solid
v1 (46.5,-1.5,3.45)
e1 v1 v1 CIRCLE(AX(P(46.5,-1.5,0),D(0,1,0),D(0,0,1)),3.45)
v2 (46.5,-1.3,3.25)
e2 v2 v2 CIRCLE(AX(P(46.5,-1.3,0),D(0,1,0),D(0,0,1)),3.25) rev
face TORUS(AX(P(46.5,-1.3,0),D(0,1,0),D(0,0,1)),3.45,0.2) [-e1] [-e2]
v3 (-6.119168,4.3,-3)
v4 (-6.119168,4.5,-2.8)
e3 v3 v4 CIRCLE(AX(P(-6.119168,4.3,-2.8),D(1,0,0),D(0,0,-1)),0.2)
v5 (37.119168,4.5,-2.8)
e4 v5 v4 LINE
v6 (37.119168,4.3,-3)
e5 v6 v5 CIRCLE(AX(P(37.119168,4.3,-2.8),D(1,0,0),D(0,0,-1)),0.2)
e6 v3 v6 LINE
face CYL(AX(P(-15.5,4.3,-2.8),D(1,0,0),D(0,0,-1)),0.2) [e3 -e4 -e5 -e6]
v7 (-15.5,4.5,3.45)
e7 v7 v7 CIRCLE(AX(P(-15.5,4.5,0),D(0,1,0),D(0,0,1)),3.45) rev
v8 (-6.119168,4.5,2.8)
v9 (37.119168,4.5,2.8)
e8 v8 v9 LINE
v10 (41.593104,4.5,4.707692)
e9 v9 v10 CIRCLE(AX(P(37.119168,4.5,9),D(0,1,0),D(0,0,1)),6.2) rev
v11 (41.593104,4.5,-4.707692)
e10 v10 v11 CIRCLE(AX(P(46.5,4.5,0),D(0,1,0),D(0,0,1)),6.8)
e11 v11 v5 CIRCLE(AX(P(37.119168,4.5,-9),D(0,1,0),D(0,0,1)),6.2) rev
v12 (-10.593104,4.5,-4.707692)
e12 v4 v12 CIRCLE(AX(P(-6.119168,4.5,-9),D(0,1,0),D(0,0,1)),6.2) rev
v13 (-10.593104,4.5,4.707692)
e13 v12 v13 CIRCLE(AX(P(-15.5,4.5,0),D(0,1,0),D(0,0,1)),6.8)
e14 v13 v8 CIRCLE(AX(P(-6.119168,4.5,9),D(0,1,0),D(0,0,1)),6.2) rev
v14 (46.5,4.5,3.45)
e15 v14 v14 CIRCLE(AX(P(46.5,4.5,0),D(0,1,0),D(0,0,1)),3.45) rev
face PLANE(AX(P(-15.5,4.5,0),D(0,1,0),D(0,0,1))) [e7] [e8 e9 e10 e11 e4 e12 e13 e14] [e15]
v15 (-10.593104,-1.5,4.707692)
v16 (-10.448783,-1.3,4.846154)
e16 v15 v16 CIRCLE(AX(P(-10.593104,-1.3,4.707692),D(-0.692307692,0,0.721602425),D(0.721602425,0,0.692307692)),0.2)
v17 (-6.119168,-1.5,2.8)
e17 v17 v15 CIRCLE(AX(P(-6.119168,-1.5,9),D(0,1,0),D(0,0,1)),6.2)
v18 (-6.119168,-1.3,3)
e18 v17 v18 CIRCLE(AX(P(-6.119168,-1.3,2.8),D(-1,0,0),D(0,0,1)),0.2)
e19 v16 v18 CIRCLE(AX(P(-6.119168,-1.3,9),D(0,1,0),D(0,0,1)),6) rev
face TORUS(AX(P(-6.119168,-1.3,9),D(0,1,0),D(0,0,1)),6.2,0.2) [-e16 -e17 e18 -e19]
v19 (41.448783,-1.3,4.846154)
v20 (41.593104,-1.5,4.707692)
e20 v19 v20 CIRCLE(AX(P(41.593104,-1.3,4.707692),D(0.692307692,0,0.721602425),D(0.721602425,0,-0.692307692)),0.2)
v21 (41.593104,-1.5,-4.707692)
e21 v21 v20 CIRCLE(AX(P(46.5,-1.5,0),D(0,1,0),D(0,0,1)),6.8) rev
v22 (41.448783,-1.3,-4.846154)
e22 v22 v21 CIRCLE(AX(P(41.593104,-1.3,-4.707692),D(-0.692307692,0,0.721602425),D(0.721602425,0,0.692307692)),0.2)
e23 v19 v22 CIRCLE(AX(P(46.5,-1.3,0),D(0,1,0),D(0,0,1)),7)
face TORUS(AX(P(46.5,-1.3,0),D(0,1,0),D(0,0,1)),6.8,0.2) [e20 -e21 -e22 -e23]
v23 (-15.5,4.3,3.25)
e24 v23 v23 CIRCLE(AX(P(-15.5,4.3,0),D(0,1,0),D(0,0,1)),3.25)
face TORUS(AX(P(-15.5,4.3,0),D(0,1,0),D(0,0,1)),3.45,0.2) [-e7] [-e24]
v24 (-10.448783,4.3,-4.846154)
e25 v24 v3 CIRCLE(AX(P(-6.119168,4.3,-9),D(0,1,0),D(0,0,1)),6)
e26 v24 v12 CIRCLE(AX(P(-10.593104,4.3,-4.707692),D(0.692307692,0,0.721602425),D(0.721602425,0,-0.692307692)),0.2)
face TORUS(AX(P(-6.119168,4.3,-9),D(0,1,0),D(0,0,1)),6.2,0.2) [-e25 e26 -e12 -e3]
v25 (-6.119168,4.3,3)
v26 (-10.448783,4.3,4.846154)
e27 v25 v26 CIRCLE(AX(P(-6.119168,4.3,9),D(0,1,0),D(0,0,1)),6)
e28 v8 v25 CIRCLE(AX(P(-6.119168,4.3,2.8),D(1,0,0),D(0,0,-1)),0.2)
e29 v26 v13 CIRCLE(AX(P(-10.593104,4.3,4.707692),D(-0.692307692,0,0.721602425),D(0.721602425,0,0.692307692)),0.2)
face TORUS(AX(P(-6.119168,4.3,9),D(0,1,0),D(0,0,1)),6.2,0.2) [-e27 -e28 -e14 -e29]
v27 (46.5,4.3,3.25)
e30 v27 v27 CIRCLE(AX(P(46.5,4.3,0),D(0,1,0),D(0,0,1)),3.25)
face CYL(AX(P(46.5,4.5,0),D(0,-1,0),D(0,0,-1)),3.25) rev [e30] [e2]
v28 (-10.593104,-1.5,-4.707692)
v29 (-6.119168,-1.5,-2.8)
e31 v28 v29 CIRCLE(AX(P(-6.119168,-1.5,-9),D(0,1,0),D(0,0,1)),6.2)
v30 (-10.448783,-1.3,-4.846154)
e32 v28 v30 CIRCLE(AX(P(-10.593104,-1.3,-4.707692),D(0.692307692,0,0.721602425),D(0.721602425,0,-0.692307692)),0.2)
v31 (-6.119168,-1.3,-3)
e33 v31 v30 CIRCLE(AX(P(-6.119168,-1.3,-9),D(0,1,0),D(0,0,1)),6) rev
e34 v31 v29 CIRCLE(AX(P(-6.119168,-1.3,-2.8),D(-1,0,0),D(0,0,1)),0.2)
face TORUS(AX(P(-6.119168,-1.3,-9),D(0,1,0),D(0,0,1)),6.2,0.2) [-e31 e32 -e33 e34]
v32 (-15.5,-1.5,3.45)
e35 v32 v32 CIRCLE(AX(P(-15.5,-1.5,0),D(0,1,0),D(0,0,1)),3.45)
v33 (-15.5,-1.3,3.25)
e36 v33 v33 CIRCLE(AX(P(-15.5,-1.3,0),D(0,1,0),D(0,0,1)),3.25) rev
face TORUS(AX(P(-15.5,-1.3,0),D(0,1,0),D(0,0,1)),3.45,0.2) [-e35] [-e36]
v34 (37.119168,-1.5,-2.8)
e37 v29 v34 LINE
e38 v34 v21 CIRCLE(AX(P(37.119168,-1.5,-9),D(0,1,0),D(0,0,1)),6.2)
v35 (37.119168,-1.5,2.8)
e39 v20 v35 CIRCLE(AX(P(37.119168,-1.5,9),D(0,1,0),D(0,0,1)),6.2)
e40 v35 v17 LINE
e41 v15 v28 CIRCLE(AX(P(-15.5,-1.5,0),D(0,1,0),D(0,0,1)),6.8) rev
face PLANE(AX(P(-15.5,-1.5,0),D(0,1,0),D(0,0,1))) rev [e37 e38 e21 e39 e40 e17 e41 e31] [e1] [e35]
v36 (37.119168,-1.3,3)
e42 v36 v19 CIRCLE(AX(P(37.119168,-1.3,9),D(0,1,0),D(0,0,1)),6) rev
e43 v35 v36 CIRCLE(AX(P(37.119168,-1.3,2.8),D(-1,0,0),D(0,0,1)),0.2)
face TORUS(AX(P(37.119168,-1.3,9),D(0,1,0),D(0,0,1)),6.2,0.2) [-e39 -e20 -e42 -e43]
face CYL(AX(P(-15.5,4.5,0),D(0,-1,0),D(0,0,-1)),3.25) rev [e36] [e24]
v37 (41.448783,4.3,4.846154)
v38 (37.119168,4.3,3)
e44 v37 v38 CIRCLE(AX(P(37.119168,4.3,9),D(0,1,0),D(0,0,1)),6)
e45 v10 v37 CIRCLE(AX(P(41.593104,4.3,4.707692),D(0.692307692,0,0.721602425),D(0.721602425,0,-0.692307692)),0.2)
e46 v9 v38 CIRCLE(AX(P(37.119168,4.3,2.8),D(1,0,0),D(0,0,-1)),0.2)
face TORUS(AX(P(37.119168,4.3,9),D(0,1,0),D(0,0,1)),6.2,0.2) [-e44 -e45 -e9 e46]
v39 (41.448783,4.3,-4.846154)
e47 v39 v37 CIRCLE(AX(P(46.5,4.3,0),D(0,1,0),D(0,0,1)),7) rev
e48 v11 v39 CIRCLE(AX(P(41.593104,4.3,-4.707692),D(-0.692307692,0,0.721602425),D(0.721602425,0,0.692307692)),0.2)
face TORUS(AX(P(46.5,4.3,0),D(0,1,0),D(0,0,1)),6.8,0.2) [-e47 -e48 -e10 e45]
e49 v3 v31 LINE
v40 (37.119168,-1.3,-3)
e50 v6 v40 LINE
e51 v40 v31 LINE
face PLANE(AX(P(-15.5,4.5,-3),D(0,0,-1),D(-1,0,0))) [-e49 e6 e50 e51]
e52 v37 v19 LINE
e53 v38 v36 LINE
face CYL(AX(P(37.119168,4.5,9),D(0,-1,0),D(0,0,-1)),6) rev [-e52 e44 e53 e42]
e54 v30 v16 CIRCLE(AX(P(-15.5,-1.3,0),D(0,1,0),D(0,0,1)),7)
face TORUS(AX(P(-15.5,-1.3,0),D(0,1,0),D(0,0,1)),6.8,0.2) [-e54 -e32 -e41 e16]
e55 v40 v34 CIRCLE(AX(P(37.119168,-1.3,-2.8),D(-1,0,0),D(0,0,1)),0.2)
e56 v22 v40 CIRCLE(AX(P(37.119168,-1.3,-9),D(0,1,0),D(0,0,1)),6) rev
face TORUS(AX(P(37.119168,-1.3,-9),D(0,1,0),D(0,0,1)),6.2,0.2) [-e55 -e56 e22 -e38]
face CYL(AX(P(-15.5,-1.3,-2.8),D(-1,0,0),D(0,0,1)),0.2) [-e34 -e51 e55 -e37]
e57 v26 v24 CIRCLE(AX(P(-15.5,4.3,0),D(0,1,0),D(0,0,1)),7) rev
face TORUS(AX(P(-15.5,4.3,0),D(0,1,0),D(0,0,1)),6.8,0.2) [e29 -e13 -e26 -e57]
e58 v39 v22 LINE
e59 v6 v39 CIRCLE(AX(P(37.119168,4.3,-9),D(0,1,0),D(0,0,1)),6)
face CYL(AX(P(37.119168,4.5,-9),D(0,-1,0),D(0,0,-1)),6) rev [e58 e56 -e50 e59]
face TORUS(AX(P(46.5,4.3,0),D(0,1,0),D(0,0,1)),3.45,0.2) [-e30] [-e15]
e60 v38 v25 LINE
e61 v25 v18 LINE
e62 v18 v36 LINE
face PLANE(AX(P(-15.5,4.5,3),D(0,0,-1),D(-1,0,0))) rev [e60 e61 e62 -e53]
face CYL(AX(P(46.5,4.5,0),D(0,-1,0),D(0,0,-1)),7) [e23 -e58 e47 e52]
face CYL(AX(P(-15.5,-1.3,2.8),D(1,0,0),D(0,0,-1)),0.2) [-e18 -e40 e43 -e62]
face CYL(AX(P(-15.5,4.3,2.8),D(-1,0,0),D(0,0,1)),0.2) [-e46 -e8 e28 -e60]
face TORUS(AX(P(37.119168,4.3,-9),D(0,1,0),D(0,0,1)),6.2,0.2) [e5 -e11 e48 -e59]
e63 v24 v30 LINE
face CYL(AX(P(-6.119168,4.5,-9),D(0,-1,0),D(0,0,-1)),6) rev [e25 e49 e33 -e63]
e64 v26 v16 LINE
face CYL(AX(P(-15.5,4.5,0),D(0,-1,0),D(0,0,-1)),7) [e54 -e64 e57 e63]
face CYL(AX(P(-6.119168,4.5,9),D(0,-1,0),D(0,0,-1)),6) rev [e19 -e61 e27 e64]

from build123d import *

# Parameters (mm, degrees)
SKETCH1_R           = 1.625
BOSS_EXTRUDE1_DEPTH = 3
FILLET1_R           = 0.1
L_EK1_SCALE         = 2


with BuildPart() as part:
    # Sketch1 → Boss-Extrude1 (new body)
    with BuildSketch(Plane(origin=(0, 0, 0), x_dir=(1, 0, 0), z_dir=(0, 1, 0))):
        with BuildLine():
            Line((4.69041576, 1.5), (26.30958424, 1.5))
            ThreePointArc((26.30958424, 1.5), (27.486281051, 1.740401367), (28.474391514, 2.423076923))
            ThreePointArc((28.474391514, 2.423076923), (34.5, 0), (28.474391514, -2.423076923))
            ThreePointArc((28.474391514, -2.423076923), (27.486281051, -1.740401367), (26.30958424, -1.5))
            Line((26.30958424, -1.5), (4.69041576, -1.5))
            ThreePointArc((4.69041576, -1.5), (3.513718949, -1.740401367), (2.525608486, -2.423076923))
            ThreePointArc((2.525608486, -2.423076923), (-3.5, 0), (2.525608486, 2.423076923))
            ThreePointArc((2.525608486, 2.423076923), (3.513718949, 1.740401367), (4.69041576, 1.5))
        make_face()
        with Locations(Location((0, 0, 0), (0, 0, 270))):
            Circle(SKETCH1_R, mode=Mode.SUBTRACT)
        with Locations(Location((31, 0, 0), (0, 0, 270))):
            Circle(SKETCH1_R, mode=Mode.SUBTRACT)
    extrude(amount=BOSS_EXTRUDE1_DEPTH)

    # Fillet1
    fillet1_edges = [part.edges().sort_by_distance(p)[0] for p in [
        (27.486281051, 0, -1.740401367),
        (34.5, 0, 0),
        (31, 3, -1.625),
        (27.486281051, 0, 1.740401367),
        (15.5, 0, 1.5),
        (3.513718949, 0, 1.740401367),
        (-3.5, 0, 0),
        (3.513718949, 0, -1.740401367),
        (15.5, 0, -1.5),
        (31, 0, -1.625),
        (0, 0, -1.625),
        (15.5, 3, -1.5),
        (3.513718949, 3, -1.740401367),
        (-3.5, 3, 0),
        (3.513718949, 3, 1.740401367),
        (15.5, 3, 1.5),
        (27.486281051, 3, 1.740401367),
        (34.5, 3, 0),
        (27.486281051, 3, -1.740401367),
        (0, 3, -1.625),
    ]]
    fillet(fillet1_edges, radius=FILLET1_R)


with BuildPart() as part_1:
    # Ölçek1: scaled about (15.5, 1.5, 0)
    add(part.part.scale(L_EK1_SCALE).moved(Location((-15.5, -1.5, 0))))


solid = part_1.part
